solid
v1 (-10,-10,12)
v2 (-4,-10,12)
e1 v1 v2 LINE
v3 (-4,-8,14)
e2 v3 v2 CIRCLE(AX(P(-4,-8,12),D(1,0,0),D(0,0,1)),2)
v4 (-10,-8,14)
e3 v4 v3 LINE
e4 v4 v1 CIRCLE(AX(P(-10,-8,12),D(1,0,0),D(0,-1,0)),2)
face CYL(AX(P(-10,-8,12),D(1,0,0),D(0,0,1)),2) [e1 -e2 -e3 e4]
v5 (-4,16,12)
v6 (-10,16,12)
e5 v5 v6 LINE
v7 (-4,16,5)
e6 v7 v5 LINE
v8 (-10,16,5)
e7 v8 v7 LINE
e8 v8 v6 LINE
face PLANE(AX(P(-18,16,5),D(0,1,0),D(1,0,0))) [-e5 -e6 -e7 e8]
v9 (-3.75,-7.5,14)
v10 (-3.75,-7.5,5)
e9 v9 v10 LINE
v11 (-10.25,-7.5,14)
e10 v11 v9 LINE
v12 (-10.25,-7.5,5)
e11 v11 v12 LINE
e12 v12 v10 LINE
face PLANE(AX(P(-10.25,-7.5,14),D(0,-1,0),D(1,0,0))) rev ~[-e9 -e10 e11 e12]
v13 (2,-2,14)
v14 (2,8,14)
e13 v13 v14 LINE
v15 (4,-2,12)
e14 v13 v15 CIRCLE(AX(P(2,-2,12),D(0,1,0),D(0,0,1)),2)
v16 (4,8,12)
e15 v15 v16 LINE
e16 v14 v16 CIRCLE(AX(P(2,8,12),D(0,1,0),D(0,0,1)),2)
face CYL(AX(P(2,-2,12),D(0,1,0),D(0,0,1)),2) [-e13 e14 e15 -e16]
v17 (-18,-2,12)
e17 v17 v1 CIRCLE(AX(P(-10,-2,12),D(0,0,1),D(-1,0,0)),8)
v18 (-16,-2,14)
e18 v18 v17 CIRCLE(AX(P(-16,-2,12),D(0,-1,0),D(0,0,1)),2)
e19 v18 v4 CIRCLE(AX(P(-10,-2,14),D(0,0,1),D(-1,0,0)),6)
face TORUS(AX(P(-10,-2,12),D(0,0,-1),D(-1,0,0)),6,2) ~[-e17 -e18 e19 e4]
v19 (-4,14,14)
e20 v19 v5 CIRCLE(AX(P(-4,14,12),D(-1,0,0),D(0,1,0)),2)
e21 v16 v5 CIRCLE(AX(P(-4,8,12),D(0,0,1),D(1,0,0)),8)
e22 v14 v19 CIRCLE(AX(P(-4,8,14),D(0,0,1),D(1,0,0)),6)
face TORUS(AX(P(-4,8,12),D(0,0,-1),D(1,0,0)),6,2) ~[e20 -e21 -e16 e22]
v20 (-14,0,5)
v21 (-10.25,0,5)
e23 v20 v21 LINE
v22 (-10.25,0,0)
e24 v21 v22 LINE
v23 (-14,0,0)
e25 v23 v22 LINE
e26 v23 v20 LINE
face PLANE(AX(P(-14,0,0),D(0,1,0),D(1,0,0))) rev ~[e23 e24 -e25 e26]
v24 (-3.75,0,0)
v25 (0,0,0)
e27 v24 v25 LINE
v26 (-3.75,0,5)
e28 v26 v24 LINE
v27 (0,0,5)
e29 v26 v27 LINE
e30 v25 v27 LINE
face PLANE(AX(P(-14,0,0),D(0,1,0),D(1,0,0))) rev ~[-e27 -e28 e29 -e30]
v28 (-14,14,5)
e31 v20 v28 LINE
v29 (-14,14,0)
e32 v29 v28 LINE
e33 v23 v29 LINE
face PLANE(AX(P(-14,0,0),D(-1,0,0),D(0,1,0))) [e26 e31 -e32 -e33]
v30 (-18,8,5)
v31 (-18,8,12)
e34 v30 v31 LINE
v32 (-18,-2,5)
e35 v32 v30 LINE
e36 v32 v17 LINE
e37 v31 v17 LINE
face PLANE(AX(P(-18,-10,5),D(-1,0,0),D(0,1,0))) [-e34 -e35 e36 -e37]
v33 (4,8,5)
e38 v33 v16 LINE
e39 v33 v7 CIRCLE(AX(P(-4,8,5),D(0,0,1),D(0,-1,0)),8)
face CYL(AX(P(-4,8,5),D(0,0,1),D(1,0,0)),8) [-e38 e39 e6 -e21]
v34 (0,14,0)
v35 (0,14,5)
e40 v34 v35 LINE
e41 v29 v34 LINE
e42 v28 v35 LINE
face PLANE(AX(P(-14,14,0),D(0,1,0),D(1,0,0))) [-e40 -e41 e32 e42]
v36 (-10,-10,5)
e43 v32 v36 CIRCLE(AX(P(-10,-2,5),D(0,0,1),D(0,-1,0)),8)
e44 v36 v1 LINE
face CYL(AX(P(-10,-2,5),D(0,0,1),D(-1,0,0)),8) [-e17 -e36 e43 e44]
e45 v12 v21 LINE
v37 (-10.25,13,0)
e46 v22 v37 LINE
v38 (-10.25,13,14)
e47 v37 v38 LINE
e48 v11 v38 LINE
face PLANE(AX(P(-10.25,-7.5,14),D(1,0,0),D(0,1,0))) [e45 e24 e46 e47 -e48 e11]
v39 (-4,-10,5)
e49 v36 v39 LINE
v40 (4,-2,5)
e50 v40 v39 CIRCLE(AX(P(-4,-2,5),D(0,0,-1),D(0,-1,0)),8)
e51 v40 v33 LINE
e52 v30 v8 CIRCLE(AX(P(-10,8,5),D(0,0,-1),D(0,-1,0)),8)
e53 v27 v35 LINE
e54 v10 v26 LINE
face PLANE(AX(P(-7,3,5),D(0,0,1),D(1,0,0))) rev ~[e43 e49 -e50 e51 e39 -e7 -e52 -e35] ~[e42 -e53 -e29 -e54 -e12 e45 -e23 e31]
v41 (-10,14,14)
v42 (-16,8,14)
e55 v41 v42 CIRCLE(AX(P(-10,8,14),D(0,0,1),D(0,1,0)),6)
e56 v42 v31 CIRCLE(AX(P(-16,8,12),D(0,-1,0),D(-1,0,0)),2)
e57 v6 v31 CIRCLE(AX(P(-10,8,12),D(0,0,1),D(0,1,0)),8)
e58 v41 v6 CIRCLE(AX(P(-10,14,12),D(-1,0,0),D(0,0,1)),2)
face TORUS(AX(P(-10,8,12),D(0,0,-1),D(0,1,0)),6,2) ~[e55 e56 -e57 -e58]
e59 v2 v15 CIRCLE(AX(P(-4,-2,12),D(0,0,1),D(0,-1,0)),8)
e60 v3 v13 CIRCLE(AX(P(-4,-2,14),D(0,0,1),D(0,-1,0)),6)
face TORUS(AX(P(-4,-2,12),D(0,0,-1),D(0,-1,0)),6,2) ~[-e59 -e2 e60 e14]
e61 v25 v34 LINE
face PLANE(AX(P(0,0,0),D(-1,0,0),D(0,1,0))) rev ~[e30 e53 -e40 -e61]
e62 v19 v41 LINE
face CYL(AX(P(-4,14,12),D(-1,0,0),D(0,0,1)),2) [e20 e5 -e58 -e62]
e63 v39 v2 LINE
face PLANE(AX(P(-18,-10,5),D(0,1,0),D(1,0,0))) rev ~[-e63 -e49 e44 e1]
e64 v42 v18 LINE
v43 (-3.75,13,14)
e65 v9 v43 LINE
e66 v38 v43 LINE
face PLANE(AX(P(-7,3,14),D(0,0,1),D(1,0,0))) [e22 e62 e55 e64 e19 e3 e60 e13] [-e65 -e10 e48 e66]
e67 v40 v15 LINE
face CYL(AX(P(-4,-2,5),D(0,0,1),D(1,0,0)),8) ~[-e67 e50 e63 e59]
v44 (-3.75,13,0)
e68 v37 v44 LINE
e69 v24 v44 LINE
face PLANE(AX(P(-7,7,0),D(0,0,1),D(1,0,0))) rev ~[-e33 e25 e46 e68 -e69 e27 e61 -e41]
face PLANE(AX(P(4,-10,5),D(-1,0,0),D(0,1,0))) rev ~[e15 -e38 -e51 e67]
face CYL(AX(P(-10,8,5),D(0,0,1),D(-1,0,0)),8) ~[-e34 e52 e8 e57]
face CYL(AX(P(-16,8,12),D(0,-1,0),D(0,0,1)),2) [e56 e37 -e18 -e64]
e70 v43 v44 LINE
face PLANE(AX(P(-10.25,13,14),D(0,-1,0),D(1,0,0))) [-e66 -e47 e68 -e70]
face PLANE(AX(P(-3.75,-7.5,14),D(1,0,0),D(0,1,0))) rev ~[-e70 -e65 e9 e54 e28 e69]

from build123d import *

# Parameters (mm, degrees)
F0_W     = 14
F0_H     = 14
F1_DEPTH = 5
F2_W     = 22
F2_H     = 26
F2_W_2   = 14
F2_H_2   = 14
F3_DEPTH = 9
F4_W     = 6.5
F4_H     = 20.5
F5_DEPTH = 9
F6_W     = 6.5
F6_H     = 13
F7_DEPTH = 5.001
F8_R     = 8
F9_R     = 2


with BuildPart() as f1:
    # F0 (on Top) → F1 (new body)
    with BuildSketch(Plane.XY):
        with Locations((-7, 7)):
            Rectangle(F0_W, F0_H)
    extrude(amount=F1_DEPTH)

    # F2 (on face) → F3 (join)
    with BuildSketch(Plane.XY.offset(5)):
        with Locations((-7, 3)):
            Rectangle(F2_W, F2_H)
        with Locations((-7, 7)):
            Rectangle(F2_W_2, F2_H_2, mode=Mode.SUBTRACT)
        with Locations((-7, 7)):
            Rectangle(F2_W_2, F2_H_2)
    extrude(amount=F3_DEPTH)

    # F4 (on face) → F5 (cut, through all)
    with BuildSketch(Plane.XY.offset(14)):
        with Locations((-7, 2.75)):
            Rectangle(F4_W, F4_H)
    extrude(amount=-F5_DEPTH, mode=Mode.SUBTRACT)

    # F6 (on face) → F7 (cut, through all)
    with BuildSketch(Plane.XY.offset(5)):
        with Locations((-7, 6.5)):
            Rectangle(F6_W, F6_H)
    extrude(amount=-F7_DEPTH, mode=Mode.SUBTRACT)

    # F8
    f8_edges = [f1.edges().sort_by_distance(p)[0] for p in [
        (4, -10, 9.5),
        (4, 16, 9.5),
        (-18, 16, 9.5),
        (-18, -10, 9.5),
    ]]
    fillet(f8_edges, radius=F8_R)

    # F9
    f9_edges = [f1.edges().sort_by_distance(p)[0] for p in [
        (4, 3, 14),
        (1.656854, 13.656854, 14),
    ]]
    fillet(f9_edges, radius=F9_R)


solid = f1.part
